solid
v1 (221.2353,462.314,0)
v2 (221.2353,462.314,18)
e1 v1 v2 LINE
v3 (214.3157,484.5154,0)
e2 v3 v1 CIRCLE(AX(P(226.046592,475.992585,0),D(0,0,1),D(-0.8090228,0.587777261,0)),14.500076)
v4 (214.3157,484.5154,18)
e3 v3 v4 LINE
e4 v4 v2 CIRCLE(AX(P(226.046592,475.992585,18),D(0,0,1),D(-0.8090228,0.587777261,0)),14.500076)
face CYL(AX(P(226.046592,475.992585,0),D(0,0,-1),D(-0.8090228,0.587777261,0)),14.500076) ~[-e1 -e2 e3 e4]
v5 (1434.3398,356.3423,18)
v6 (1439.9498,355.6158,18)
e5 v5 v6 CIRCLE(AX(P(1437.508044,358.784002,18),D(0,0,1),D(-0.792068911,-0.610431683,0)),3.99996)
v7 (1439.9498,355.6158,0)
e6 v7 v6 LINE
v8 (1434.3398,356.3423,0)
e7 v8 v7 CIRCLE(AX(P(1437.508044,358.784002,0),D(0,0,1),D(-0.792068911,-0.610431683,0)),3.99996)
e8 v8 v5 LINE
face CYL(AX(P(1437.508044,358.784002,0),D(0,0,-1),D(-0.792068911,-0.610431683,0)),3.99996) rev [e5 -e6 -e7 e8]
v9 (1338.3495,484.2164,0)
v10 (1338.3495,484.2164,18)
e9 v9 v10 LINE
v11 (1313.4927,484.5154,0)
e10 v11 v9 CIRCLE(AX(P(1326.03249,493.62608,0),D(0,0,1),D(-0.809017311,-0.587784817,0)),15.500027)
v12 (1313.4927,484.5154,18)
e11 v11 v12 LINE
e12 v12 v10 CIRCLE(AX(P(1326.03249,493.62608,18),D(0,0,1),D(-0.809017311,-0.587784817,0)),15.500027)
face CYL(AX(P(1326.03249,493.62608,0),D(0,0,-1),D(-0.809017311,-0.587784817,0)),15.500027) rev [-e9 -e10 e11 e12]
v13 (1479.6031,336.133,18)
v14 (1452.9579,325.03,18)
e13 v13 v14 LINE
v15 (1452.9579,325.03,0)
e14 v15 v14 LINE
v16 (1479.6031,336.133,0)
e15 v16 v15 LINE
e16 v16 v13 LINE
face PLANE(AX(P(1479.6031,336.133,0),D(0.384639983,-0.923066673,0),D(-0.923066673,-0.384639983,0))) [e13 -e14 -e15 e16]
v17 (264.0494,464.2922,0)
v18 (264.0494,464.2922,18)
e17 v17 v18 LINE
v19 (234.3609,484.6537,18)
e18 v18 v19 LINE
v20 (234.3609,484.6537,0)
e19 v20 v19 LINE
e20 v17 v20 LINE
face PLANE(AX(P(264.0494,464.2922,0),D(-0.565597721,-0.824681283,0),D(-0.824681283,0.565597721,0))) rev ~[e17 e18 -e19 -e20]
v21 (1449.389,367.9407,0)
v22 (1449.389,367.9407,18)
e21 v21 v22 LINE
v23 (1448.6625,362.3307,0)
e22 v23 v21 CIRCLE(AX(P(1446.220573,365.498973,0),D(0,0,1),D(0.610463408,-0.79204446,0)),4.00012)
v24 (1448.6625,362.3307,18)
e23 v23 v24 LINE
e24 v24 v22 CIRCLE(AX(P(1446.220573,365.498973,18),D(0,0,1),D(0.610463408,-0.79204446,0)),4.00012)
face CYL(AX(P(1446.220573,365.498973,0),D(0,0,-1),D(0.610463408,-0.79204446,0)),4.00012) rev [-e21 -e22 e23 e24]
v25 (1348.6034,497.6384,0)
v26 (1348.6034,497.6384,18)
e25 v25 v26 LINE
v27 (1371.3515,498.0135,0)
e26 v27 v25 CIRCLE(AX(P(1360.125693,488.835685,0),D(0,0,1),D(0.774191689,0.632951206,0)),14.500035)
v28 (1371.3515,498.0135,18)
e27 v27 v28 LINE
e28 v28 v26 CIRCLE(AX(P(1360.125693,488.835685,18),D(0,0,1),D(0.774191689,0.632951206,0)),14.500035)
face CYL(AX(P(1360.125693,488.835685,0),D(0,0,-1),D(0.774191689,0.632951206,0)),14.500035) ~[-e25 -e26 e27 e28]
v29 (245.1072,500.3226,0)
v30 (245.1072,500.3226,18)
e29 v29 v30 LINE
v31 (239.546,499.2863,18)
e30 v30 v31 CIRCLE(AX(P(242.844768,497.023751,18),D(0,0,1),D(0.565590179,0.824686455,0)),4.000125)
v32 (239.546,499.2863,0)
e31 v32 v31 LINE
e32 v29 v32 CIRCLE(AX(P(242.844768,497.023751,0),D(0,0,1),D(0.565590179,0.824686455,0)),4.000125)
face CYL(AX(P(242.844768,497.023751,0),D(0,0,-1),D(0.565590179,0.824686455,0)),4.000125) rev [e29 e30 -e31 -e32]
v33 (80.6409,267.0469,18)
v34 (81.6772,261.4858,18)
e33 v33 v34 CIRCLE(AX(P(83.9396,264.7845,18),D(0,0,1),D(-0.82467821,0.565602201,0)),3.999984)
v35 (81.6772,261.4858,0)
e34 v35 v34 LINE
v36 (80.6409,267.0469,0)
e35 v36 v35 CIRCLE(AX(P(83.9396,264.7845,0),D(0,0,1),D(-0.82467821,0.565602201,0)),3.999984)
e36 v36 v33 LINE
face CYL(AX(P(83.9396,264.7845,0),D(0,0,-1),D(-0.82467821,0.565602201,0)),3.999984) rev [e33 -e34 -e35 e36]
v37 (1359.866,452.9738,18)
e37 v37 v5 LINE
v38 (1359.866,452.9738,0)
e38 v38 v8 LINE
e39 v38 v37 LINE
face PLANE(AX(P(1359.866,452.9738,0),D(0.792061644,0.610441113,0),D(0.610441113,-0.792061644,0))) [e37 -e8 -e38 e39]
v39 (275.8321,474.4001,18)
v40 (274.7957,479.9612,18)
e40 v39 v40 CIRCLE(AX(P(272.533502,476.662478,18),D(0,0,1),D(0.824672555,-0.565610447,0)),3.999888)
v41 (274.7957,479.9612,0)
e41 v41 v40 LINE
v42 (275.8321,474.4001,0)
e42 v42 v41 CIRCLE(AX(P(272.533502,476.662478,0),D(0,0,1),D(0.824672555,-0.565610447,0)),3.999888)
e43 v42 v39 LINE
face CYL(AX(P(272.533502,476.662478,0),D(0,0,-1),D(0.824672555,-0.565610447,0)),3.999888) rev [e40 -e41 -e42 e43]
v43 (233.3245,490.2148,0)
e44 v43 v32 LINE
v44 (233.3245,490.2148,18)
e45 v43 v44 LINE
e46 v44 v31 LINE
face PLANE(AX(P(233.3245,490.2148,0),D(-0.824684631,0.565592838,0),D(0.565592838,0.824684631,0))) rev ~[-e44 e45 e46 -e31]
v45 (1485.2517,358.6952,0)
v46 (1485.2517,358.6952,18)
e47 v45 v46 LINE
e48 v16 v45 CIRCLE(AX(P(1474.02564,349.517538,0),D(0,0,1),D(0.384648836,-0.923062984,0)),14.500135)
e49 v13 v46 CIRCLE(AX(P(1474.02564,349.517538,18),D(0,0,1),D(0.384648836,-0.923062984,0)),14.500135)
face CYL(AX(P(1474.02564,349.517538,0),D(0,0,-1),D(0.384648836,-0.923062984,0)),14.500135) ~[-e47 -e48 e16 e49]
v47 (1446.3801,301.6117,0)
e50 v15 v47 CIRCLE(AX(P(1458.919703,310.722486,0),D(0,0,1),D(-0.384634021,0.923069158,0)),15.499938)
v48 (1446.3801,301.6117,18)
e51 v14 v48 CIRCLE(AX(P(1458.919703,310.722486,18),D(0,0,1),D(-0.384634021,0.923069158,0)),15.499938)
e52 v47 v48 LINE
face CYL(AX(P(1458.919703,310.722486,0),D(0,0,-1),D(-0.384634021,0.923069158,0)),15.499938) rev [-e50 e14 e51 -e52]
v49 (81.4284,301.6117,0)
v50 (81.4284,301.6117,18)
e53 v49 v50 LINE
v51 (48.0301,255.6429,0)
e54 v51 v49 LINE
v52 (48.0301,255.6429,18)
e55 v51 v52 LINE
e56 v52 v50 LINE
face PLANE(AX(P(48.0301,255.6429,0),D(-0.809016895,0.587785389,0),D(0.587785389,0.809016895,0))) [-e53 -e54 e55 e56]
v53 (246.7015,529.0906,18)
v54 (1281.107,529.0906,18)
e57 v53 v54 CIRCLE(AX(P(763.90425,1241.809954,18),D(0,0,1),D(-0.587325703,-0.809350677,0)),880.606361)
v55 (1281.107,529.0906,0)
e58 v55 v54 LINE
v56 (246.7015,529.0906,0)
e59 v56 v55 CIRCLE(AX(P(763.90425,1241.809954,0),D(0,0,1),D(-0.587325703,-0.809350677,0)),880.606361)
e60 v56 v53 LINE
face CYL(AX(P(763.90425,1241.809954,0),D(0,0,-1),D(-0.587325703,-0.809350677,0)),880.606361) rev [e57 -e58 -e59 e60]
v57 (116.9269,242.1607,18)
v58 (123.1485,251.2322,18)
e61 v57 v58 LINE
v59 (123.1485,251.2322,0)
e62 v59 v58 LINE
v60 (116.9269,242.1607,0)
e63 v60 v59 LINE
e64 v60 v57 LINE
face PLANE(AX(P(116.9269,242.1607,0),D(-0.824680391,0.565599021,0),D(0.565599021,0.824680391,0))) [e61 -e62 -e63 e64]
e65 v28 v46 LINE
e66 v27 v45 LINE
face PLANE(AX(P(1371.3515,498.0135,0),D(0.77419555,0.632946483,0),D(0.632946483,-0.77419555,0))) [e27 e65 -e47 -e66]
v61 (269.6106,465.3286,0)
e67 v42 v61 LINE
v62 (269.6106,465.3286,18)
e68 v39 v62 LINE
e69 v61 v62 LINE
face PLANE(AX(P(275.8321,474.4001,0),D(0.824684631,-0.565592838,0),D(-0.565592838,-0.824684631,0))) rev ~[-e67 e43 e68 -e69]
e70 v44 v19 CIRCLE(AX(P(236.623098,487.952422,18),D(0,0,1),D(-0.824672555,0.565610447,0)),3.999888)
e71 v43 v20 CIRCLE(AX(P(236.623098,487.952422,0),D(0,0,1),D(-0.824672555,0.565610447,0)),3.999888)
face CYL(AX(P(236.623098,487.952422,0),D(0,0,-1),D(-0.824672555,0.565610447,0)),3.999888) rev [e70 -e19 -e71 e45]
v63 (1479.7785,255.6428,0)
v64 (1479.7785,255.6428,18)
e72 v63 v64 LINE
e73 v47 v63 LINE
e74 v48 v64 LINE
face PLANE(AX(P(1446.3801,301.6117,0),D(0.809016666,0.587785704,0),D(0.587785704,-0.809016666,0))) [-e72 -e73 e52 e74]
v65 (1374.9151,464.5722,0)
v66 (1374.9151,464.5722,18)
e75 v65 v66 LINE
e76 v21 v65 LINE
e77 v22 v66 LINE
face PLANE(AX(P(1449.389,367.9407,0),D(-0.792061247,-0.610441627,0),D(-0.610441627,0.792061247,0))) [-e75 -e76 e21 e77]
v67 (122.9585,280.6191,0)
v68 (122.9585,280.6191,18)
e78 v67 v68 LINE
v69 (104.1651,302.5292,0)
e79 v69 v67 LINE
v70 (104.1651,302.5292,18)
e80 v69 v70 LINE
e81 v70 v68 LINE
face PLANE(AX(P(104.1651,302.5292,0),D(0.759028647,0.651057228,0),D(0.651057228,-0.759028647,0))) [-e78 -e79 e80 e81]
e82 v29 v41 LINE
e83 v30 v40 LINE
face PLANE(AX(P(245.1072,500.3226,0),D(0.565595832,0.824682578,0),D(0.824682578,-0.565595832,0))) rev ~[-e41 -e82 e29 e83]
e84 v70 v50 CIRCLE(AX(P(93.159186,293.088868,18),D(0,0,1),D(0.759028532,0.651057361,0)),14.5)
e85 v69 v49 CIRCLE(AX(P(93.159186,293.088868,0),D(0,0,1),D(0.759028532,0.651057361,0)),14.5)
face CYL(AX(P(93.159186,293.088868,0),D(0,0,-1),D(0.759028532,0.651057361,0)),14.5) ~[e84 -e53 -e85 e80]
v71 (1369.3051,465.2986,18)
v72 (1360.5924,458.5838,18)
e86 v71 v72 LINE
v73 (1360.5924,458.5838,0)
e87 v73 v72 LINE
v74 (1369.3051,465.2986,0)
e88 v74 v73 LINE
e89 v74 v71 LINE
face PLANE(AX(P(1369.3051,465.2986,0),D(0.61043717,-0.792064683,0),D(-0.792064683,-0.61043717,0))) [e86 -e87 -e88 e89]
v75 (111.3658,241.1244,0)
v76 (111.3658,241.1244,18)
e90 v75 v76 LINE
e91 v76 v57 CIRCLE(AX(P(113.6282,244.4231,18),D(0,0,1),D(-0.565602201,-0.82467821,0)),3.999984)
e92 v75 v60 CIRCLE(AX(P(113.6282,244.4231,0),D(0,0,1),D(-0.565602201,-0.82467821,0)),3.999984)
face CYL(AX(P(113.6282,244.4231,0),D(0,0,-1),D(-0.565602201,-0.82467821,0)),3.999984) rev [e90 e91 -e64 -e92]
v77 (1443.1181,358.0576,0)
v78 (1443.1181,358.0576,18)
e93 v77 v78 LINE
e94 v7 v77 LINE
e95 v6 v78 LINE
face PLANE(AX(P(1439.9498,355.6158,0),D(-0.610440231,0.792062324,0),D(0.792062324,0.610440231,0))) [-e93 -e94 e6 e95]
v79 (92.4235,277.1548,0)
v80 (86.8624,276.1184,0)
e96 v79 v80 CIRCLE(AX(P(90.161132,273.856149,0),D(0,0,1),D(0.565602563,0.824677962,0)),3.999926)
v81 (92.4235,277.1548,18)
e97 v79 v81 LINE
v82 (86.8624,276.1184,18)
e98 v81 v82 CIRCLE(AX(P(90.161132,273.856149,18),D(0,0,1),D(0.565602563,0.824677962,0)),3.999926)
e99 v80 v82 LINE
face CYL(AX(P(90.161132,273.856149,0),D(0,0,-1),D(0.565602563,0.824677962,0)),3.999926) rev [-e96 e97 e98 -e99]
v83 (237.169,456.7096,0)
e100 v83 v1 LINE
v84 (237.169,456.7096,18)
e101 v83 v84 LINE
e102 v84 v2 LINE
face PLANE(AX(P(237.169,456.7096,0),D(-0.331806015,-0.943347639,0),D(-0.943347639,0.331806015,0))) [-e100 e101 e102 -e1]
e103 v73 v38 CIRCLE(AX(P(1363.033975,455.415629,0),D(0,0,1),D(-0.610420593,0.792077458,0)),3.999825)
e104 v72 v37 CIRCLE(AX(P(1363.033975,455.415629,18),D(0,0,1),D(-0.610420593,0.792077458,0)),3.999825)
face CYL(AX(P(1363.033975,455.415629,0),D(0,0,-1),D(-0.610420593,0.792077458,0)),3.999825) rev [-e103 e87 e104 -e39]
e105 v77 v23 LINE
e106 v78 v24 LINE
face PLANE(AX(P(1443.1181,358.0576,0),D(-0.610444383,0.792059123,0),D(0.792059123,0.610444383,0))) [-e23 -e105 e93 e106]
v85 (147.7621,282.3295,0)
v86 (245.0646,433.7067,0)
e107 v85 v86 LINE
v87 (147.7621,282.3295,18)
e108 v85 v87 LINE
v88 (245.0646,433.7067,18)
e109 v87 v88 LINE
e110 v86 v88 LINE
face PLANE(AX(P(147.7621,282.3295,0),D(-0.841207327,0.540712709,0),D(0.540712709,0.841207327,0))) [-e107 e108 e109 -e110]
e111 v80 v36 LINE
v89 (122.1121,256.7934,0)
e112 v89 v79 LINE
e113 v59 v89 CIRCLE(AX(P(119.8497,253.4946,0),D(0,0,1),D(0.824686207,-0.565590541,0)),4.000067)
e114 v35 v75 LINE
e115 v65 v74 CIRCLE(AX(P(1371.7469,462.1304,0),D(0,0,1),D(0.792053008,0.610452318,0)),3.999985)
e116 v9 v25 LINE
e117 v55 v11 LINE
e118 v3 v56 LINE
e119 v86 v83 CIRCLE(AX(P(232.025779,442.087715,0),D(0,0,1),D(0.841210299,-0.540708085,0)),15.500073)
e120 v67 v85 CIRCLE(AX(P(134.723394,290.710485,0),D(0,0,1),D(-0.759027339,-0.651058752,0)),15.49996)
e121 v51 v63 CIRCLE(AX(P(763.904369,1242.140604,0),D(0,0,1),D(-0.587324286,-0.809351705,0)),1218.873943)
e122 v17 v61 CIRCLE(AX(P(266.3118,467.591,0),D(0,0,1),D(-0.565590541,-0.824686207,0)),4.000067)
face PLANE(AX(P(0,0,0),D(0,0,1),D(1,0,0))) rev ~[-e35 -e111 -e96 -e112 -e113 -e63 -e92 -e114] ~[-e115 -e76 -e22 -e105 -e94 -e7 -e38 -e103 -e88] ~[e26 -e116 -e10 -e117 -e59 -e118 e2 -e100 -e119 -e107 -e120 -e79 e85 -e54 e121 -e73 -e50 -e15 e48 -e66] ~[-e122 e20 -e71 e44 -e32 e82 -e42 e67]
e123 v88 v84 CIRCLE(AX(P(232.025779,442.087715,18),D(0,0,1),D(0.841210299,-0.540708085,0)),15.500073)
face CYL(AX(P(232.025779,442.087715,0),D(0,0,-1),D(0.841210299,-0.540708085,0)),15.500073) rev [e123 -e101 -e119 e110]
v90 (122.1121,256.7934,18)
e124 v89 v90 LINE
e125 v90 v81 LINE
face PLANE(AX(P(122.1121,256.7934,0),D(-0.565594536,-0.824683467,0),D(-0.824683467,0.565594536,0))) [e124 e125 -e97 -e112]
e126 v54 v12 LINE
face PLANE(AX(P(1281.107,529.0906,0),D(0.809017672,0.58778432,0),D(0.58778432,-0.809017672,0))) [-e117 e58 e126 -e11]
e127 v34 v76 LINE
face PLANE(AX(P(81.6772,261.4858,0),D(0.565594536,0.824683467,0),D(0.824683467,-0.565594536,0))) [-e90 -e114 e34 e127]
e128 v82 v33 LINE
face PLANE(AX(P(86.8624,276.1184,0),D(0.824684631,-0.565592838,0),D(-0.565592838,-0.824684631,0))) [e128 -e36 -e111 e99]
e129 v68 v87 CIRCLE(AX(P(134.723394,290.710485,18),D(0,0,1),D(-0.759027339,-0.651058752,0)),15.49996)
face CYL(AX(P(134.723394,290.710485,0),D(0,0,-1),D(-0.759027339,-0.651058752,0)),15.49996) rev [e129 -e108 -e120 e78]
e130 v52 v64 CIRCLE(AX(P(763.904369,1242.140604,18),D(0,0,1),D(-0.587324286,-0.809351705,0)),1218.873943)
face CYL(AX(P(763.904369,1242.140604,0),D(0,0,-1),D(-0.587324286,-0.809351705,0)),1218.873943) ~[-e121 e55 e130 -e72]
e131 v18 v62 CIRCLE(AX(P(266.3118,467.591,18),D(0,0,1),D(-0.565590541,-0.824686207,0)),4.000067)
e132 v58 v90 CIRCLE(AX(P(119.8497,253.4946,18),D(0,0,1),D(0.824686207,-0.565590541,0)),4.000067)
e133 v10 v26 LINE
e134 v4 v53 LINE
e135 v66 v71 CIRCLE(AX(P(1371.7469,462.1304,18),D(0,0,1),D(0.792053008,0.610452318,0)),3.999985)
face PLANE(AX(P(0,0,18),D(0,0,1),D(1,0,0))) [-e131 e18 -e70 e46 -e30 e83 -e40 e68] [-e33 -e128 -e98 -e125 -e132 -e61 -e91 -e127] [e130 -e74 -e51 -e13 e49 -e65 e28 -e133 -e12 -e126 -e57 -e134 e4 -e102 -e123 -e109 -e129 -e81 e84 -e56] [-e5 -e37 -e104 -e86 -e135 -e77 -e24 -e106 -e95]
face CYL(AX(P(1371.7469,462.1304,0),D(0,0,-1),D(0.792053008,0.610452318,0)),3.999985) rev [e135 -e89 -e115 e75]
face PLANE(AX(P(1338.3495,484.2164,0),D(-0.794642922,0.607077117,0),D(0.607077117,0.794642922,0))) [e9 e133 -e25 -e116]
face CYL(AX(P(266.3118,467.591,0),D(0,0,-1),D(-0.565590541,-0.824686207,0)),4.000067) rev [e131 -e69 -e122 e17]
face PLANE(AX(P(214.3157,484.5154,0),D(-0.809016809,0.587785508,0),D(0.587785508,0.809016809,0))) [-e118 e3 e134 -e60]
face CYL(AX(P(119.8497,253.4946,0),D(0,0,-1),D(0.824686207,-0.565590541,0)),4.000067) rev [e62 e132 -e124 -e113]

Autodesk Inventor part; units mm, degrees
ref_plane "YZ Plane" through (0, 0, 0) normal (1, 0, 0) x (0, 1, 0)
ref_plane "XZ Plane" through (0, 0, 0) normal (0, 1, 0) x (-1, 0, 0)
ref_plane "XY Plane" through (0, 0, 0) normal (0, 0, 1) x (1, 0, 0)
sketch "CONTOURS" plane through (0, 0, 0) normal (0, 0, 1) x (1, 0, 0)
  arc A0 (122.9585, 280.6191) -> (147.7621, 282.3295) centre (134.7234, 290.7105) ccw
  line L0 (147.7621, 282.3295) -> (245.0646, 433.7067)
  arc A1 (245.0646, 433.7067) -> (237.169, 456.7096) centre (232.0259, 442.0877) ccw
  line L1 (237.169, 456.7096) -> (221.2353, 462.314)
  arc A2 (214.3157, 484.5154) -> (221.2353, 462.314) centre (226.0465, 475.9926) ccw
  line L2 (214.3157, 484.5154) -> (246.7015, 529.0906)
  arc A3 (246.7015, 529.0906) -> (1281.107, 529.0906) centre (763.9042, 1241.8098) ccw
  line L3 (1281.107, 529.0906) -> (1313.4927, 484.5154)
  arc A4 (1313.4927, 484.5154) -> (1338.3495, 484.2164) centre (1326.0325, 493.6261) ccw
  line L4 (1338.3495, 484.2164) -> (1348.6034, 497.6384)
  arc A5 (1371.3515, 498.0135) -> (1348.6034, 497.6384) centre (1360.1257, 488.8357) ccw
  line L5 (1371.3515, 498.0135) -> (1485.2517, 358.6952)
  arc A6 (1479.6031, 336.133) -> (1485.2517, 358.6952) centre (1474.0258, 349.5174) ccw
  line L6 (1479.6031, 336.133) -> (1452.9579, 325.03)
  arc A7 (1452.9579, 325.03) -> (1446.3801, 301.6117) centre (1458.9198, 310.7224) ccw
  line L7 (1446.3801, 301.6117) -> (1479.7785, 255.6428)
  arc A8 (48.0301, 255.6429) -> (1479.7785, 255.6428) centre (763.9044, 1242.1407) ccw
  line L8 (48.0301, 255.6429) -> (81.4284, 301.6117)
  arc A9 (104.1651, 302.5292) -> (81.4284, 301.6117) centre (93.1592, 293.0889) ccw
  line L9 (104.1651, 302.5292) -> (122.9585, 280.6191)
sketch "HOLES" plane through (0, 0, 0) normal (0, 0, 1) x (1, 0, 0)
  arc A0 (123.1485, 251.2322) -> (122.1121, 256.7934) centre (119.8497, 253.4946) ccw
  line L0 (122.1121, 256.7934) -> (92.4235, 277.1548)
  arc A1 (92.4235, 277.1548) -> (86.8624, 276.1184) centre (90.1611, 273.856) ccw
  line L1 (86.8624, 276.1184) -> (80.6409, 267.0469)
  arc A2 (80.6409, 267.0469) -> (81.6772, 261.4858) centre (83.9396, 264.7845) ccw
  line L2 (116.9269, 242.1607) -> (123.1485, 251.2322)
  arc A3 (111.3658, 241.1244) -> (116.9269, 242.1607) centre (113.6282, 244.4231) ccw
  line L3 (264.0494, 464.2922) -> (234.3609, 484.6537)
  arc A4 (233.3245, 490.2148) -> (234.3609, 484.6537) centre (236.6232, 487.9524) ccw
  line L4 (233.3245, 490.2148) -> (239.546, 499.2863)
  arc A5 (245.1072, 500.3226) -> (239.546, 499.2863) centre (242.8448, 497.0239) ccw
  line L5 (245.1072, 500.3226) -> (274.7957, 479.9612)
  arc A6 (275.8321, 474.4001) -> (274.7957, 479.9612) centre (272.5334, 476.6625) ccw
  line L6 (275.8321, 474.4001) -> (269.6106, 465.3286)
  arc A7 (264.0494, 464.2922) -> (269.6106, 465.3286) centre (266.3118, 467.591) ccw
  line L7 (1443.1181, 358.0576) -> (1448.6625, 362.3307)
  arc A8 (1448.6625, 362.3307) -> (1449.389, 367.9407) centre (1446.2207, 365.4989) ccw
  line L8 (1449.389, 367.9407) -> (1374.9151, 464.5722)
  arc A9 (1374.9151, 464.5722) -> (1369.3051, 465.2986) centre (1371.7469, 462.1304) ccw
  line L9 (1369.3051, 465.2986) -> (1360.5924, 458.5838)
  arc A10 (1360.5924, 458.5838) -> (1359.866, 452.9738) centre (1363.0342, 455.4155) ccw
  line L10 (1359.866, 452.9738) -> (1434.3398, 356.3423)
  arc A11 (1434.3398, 356.3423) -> (1439.9498, 355.6158) centre (1437.5081, 358.7841) ccw
  line L11 (1439.9498, 355.6158) -> (1443.1181, 358.0576)
  line L12 (81.6772, 261.4858) -> (111.3658, 241.1244)
sketch "LETTERS" plane through (0, 0, 0) normal (0, 0, 1) x (1, 0, 0)
  line L0 (274.8207, 322.605) -> (262.022, 329.8103)
  line L1 (262.022, 329.8103) -> (252.3047, 312.5498)
  line L2 (252.3047, 312.5498) -> (265.1034, 305.3445)
extrude "Extrusion1" add sketch "CONTOURS" along normal blind 18
extrude "Extrusion2" cut sketch "HOLES" along normal blind 18
properties part number "Platform E" material "Wood (Birch)"
